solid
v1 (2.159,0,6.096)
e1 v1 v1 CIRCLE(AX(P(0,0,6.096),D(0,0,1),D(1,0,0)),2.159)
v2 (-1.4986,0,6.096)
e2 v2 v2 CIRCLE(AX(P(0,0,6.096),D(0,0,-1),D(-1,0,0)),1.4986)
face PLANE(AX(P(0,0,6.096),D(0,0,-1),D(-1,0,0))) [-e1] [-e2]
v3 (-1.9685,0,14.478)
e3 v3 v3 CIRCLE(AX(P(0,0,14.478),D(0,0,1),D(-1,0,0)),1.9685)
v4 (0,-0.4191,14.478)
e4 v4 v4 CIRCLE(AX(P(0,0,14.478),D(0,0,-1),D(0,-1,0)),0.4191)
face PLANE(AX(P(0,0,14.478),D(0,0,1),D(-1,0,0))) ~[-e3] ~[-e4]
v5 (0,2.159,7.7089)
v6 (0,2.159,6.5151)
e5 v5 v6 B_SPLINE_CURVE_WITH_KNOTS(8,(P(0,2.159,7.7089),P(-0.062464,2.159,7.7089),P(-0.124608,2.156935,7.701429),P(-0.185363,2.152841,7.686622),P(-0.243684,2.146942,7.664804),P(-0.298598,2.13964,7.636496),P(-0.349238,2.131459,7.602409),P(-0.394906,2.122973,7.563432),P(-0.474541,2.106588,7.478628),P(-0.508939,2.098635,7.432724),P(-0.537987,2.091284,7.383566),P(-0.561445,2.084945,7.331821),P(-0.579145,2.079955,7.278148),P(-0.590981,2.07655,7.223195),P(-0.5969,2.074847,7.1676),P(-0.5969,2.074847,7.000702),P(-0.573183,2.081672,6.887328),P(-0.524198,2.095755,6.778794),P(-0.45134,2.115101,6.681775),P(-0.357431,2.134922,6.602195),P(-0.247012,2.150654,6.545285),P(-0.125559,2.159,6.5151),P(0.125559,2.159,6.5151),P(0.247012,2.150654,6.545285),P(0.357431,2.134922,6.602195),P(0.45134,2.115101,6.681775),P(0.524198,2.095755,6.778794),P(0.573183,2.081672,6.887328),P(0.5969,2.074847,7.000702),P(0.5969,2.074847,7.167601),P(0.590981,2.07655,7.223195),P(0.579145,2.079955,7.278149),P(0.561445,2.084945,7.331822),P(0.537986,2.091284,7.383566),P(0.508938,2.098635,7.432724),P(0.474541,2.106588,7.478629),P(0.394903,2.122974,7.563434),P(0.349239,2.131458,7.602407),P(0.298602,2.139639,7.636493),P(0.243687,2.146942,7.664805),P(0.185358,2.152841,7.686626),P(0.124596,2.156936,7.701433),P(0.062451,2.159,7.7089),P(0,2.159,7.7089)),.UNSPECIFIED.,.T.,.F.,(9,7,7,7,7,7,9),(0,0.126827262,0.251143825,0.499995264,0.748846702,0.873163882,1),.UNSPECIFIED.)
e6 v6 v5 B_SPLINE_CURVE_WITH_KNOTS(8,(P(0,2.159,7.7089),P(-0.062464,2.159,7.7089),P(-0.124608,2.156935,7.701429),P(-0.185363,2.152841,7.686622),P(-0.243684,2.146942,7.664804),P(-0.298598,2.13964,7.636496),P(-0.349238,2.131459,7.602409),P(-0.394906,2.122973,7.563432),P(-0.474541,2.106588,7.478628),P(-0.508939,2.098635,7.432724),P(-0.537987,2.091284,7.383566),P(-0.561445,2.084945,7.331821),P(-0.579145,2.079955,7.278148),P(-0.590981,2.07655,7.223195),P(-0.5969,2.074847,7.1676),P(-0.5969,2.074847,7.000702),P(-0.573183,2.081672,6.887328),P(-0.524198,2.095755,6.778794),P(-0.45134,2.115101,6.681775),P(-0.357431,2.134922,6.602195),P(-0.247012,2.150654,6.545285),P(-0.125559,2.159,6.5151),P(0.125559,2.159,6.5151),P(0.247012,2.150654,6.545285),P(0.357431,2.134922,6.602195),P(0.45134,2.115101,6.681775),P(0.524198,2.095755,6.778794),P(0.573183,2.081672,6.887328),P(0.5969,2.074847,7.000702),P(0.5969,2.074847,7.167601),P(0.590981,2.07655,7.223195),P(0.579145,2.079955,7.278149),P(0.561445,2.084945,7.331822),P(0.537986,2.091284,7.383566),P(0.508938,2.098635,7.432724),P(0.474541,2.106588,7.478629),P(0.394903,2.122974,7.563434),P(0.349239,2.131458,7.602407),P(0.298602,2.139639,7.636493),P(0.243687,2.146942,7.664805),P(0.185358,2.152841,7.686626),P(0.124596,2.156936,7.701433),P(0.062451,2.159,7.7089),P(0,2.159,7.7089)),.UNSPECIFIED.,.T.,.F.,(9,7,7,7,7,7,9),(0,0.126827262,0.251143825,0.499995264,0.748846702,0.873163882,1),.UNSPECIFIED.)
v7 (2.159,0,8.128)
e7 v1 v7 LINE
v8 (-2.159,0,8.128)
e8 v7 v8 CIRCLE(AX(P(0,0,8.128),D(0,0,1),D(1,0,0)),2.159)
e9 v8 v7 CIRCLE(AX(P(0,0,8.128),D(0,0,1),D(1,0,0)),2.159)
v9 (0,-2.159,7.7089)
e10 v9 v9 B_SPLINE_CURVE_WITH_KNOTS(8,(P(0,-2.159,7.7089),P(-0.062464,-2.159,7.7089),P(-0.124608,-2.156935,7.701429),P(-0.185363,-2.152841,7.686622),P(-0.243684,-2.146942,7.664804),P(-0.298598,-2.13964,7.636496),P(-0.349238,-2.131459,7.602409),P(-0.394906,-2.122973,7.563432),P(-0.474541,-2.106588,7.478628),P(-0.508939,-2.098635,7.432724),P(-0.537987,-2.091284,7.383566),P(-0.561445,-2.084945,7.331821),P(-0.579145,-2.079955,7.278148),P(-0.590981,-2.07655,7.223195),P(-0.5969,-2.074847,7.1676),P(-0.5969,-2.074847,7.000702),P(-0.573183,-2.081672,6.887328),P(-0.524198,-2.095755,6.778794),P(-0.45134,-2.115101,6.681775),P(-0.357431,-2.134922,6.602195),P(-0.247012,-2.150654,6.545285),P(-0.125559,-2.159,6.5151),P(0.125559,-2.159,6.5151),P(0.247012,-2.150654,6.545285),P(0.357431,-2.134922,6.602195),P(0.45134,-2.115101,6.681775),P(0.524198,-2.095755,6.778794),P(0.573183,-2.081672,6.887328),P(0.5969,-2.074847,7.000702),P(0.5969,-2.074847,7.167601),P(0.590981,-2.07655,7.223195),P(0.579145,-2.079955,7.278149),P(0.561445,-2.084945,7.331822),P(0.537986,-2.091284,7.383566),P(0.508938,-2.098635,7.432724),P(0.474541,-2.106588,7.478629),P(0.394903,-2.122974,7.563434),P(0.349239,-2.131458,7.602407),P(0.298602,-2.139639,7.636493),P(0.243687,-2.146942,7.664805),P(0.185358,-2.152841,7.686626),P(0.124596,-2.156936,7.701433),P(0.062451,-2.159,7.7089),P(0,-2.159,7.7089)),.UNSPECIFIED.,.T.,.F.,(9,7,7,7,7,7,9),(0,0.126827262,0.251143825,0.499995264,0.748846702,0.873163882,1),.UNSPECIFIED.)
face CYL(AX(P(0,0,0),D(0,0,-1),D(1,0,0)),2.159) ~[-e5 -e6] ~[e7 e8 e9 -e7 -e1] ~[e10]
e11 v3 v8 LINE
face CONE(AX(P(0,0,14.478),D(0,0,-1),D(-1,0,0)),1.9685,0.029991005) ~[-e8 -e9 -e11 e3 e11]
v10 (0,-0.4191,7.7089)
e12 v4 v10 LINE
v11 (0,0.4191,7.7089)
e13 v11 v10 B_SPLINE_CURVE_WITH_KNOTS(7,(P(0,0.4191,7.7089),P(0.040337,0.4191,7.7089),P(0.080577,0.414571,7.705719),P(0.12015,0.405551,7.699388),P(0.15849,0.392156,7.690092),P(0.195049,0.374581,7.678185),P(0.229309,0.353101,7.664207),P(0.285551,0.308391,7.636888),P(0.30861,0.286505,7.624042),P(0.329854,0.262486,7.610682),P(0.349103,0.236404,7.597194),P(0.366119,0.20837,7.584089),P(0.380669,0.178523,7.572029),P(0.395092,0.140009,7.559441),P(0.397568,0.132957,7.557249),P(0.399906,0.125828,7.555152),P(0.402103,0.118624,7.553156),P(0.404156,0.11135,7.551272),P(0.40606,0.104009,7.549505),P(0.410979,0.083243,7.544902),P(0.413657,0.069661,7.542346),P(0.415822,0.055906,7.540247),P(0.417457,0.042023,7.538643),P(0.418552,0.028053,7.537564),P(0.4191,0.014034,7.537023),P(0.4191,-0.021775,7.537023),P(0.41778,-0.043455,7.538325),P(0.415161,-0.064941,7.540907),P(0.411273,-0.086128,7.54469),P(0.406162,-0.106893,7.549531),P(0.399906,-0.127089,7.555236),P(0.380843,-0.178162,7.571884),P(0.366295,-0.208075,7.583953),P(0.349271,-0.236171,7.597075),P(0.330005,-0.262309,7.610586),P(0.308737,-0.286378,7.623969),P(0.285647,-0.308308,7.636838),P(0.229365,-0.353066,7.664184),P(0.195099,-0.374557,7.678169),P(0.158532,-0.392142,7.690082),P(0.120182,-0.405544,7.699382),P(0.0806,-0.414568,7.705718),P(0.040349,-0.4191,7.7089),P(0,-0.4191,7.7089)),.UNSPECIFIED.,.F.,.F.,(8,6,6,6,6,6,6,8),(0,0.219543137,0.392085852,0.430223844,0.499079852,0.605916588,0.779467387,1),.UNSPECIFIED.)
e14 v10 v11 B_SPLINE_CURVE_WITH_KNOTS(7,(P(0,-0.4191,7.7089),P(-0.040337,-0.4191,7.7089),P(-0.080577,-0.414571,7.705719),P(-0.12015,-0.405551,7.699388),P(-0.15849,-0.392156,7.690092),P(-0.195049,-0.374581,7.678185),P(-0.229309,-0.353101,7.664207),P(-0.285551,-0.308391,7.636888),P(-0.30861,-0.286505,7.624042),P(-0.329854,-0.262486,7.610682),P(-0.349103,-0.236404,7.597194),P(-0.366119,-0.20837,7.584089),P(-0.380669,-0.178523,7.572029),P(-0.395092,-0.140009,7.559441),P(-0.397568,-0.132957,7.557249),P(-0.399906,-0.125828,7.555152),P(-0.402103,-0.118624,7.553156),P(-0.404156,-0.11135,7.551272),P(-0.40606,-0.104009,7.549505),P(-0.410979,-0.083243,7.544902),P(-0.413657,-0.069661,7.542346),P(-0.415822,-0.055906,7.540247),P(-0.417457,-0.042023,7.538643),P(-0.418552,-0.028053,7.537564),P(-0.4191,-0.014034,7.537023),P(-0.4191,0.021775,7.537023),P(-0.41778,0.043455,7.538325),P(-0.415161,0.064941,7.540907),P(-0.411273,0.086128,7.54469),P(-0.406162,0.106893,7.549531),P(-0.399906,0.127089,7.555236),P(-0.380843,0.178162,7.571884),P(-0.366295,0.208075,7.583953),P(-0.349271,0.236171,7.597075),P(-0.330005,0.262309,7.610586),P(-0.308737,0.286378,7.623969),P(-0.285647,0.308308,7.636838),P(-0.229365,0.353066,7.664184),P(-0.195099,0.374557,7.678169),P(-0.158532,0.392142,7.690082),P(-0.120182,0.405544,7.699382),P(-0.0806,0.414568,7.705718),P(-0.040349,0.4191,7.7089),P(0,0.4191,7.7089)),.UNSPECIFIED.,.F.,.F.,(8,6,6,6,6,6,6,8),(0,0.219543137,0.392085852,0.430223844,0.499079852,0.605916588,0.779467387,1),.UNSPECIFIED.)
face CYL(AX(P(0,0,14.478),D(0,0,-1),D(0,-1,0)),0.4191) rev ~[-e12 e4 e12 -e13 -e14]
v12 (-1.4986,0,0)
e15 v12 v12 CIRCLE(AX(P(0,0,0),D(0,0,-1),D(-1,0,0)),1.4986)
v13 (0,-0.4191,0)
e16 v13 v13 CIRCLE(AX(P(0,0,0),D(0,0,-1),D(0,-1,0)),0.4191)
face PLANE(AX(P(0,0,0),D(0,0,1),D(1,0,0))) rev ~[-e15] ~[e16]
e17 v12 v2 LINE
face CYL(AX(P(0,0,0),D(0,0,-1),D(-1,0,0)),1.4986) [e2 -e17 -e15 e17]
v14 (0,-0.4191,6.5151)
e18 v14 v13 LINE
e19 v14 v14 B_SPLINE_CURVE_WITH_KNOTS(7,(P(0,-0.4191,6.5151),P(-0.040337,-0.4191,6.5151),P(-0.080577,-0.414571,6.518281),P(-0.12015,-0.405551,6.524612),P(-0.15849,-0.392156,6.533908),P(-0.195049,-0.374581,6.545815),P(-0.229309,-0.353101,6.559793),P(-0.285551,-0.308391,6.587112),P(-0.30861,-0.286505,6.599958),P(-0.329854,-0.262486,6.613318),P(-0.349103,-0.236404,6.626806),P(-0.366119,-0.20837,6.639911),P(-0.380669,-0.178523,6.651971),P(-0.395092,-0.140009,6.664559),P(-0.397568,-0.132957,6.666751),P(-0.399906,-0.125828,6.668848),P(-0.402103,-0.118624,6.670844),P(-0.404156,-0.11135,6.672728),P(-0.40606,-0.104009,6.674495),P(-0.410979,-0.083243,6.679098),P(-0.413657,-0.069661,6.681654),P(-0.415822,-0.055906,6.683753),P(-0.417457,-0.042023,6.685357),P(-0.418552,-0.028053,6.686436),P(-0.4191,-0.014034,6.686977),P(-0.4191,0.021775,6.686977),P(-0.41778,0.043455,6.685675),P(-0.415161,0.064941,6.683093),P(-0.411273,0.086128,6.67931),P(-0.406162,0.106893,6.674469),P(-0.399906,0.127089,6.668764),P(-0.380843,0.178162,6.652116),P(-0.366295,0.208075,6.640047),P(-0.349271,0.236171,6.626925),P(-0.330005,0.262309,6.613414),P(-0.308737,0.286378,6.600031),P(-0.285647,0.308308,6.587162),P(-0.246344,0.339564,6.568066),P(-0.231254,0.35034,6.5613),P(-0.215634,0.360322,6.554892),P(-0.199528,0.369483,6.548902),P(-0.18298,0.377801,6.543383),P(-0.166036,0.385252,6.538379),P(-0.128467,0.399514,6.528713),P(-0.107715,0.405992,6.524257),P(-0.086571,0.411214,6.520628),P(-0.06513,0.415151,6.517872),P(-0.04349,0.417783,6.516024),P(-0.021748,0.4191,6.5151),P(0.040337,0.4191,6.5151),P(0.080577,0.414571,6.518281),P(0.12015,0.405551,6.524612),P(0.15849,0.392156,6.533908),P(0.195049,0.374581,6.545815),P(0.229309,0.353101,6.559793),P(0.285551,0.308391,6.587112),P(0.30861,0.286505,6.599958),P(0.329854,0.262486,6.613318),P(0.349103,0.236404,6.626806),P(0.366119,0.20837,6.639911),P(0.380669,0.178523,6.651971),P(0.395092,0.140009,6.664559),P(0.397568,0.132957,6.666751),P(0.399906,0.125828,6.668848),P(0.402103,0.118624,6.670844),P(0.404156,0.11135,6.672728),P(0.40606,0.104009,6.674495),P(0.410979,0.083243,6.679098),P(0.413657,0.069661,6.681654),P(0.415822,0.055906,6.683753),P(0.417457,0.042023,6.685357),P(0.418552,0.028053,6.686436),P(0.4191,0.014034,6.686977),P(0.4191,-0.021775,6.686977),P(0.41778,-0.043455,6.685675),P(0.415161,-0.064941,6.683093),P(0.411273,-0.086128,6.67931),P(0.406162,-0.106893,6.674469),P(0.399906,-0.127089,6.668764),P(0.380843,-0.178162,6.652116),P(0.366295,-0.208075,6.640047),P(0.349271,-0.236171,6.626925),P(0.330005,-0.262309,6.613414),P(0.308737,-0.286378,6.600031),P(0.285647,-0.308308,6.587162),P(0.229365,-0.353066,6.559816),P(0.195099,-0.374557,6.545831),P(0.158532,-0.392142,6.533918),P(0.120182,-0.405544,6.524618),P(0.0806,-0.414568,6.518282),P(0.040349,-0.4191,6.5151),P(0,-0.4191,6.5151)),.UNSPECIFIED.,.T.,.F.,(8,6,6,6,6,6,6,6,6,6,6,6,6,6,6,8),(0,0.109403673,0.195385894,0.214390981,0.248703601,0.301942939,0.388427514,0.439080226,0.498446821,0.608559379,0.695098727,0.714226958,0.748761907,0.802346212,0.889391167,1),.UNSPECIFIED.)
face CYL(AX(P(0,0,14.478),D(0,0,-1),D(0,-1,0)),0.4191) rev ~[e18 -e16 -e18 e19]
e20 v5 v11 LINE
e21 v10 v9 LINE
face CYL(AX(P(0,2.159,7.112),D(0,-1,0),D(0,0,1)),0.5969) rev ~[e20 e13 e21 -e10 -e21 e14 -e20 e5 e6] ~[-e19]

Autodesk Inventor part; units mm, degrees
ref_plane "YZ Plane" through (0, 0, 0) normal (1, 0, 0) x (0, 1, 0)
ref_plane "XY Plane" through (0, 0, 0) normal (0, 0, 1) x (1, 0, 0)
sketch "Sketch1" plane through (0, 0, 0) normal (0, 0, 1) x (1, 0, 0)
  circle A0 centre (0, 0) radius 2.159
  dimension "d0" = 4.318
extrude "Extrusion1" add sketch "Sketch1" along normal blind 8.128
sketch "Sketch2" plane through (0, 0, 0) normal (0, 0, -1) x (-1, 0, 0)
  circle A0 centre (0, 0) radius 2.159 projected
  circle A1 centre (0, 0) radius 1.4986
  dimension "d3" = 2.9972
extrude "Extrusion2" cut sketch "Sketch2" against normal blind 6.096
sketch "Sketch3" plane through (0, 0, 0) normal (0, 1, 0) x (-1, 0, 0)
  line L0 (-2.159, 8.128) -> (2.159, 8.128) projected
  line L1 (0, -2.8448) -> (0, 17.0688) projected
  line L2 (2.159, 8.128) -> (0, 8.128)
  line L3 (0, 8.128) -> (0, 14.478)
  line L4 (2.159, 6.096) -> (-2.159, 6.096) projected
  line L5 (-2.159, 8.128) -> (2.159, 8.128) projected
  line L6 (2.159, 6.096) -> (2.159, 8.128) projected
  line L7 (-1.4986, 0) -> (1.4986, 0) projected
  line L8 (0, 14.478) -> (1.9685, 14.478)
  line L9 (1.9685, 14.478) -> (2.159, 8.128)
  point P0 (0, 0)
  dimension "d22" = 8.128
  dimension "d23" = 6.096
  dimension "d24" = 6.35
  dimension "d25" = 1.9685
revolve "Revolution1" add sketch "Sketch3" angle 360 about axis through (0, 0, -10) along (0, 0, 1) contours L1 L8 L9 L0
hole "Hole1" at (0, 0, 14.478) direction (0, 0, -1) diameter 0.8382 end through all
ref_plane "Work Plane1" through (0, 2.159, 0) normal (0, 1, 0) x (-1, 0, 0)
sketch "Sketch5" plane through (0, 2.159, 0) normal (0, 1, 0) x (-1, 0, 0)
  line L0 (2.159, 6.096) -> (-2.159, 6.096) projected
  line L1 (-2.159, 8.128) -> (2.159, 8.128) projected
  line L2 (0, -2.8956) -> (0, 17.3736) projected
  line L3 (0, 8.128) -> (0, 6.096)
  point P0 (0, 0)
  point P1 (0, 7.112)
hole "Hole2" at (0, 2.159, 7.112) direction (0, -1, 0) diameter 1.1938 end through all
equation "\"d25\" = 0.5 * d0 - 0.03 * d6"
equation "\"d6\" = 6.35"
properties part number "Tool_Mount_Luer_Adapter_Force" material "Acetal Resin, White"
